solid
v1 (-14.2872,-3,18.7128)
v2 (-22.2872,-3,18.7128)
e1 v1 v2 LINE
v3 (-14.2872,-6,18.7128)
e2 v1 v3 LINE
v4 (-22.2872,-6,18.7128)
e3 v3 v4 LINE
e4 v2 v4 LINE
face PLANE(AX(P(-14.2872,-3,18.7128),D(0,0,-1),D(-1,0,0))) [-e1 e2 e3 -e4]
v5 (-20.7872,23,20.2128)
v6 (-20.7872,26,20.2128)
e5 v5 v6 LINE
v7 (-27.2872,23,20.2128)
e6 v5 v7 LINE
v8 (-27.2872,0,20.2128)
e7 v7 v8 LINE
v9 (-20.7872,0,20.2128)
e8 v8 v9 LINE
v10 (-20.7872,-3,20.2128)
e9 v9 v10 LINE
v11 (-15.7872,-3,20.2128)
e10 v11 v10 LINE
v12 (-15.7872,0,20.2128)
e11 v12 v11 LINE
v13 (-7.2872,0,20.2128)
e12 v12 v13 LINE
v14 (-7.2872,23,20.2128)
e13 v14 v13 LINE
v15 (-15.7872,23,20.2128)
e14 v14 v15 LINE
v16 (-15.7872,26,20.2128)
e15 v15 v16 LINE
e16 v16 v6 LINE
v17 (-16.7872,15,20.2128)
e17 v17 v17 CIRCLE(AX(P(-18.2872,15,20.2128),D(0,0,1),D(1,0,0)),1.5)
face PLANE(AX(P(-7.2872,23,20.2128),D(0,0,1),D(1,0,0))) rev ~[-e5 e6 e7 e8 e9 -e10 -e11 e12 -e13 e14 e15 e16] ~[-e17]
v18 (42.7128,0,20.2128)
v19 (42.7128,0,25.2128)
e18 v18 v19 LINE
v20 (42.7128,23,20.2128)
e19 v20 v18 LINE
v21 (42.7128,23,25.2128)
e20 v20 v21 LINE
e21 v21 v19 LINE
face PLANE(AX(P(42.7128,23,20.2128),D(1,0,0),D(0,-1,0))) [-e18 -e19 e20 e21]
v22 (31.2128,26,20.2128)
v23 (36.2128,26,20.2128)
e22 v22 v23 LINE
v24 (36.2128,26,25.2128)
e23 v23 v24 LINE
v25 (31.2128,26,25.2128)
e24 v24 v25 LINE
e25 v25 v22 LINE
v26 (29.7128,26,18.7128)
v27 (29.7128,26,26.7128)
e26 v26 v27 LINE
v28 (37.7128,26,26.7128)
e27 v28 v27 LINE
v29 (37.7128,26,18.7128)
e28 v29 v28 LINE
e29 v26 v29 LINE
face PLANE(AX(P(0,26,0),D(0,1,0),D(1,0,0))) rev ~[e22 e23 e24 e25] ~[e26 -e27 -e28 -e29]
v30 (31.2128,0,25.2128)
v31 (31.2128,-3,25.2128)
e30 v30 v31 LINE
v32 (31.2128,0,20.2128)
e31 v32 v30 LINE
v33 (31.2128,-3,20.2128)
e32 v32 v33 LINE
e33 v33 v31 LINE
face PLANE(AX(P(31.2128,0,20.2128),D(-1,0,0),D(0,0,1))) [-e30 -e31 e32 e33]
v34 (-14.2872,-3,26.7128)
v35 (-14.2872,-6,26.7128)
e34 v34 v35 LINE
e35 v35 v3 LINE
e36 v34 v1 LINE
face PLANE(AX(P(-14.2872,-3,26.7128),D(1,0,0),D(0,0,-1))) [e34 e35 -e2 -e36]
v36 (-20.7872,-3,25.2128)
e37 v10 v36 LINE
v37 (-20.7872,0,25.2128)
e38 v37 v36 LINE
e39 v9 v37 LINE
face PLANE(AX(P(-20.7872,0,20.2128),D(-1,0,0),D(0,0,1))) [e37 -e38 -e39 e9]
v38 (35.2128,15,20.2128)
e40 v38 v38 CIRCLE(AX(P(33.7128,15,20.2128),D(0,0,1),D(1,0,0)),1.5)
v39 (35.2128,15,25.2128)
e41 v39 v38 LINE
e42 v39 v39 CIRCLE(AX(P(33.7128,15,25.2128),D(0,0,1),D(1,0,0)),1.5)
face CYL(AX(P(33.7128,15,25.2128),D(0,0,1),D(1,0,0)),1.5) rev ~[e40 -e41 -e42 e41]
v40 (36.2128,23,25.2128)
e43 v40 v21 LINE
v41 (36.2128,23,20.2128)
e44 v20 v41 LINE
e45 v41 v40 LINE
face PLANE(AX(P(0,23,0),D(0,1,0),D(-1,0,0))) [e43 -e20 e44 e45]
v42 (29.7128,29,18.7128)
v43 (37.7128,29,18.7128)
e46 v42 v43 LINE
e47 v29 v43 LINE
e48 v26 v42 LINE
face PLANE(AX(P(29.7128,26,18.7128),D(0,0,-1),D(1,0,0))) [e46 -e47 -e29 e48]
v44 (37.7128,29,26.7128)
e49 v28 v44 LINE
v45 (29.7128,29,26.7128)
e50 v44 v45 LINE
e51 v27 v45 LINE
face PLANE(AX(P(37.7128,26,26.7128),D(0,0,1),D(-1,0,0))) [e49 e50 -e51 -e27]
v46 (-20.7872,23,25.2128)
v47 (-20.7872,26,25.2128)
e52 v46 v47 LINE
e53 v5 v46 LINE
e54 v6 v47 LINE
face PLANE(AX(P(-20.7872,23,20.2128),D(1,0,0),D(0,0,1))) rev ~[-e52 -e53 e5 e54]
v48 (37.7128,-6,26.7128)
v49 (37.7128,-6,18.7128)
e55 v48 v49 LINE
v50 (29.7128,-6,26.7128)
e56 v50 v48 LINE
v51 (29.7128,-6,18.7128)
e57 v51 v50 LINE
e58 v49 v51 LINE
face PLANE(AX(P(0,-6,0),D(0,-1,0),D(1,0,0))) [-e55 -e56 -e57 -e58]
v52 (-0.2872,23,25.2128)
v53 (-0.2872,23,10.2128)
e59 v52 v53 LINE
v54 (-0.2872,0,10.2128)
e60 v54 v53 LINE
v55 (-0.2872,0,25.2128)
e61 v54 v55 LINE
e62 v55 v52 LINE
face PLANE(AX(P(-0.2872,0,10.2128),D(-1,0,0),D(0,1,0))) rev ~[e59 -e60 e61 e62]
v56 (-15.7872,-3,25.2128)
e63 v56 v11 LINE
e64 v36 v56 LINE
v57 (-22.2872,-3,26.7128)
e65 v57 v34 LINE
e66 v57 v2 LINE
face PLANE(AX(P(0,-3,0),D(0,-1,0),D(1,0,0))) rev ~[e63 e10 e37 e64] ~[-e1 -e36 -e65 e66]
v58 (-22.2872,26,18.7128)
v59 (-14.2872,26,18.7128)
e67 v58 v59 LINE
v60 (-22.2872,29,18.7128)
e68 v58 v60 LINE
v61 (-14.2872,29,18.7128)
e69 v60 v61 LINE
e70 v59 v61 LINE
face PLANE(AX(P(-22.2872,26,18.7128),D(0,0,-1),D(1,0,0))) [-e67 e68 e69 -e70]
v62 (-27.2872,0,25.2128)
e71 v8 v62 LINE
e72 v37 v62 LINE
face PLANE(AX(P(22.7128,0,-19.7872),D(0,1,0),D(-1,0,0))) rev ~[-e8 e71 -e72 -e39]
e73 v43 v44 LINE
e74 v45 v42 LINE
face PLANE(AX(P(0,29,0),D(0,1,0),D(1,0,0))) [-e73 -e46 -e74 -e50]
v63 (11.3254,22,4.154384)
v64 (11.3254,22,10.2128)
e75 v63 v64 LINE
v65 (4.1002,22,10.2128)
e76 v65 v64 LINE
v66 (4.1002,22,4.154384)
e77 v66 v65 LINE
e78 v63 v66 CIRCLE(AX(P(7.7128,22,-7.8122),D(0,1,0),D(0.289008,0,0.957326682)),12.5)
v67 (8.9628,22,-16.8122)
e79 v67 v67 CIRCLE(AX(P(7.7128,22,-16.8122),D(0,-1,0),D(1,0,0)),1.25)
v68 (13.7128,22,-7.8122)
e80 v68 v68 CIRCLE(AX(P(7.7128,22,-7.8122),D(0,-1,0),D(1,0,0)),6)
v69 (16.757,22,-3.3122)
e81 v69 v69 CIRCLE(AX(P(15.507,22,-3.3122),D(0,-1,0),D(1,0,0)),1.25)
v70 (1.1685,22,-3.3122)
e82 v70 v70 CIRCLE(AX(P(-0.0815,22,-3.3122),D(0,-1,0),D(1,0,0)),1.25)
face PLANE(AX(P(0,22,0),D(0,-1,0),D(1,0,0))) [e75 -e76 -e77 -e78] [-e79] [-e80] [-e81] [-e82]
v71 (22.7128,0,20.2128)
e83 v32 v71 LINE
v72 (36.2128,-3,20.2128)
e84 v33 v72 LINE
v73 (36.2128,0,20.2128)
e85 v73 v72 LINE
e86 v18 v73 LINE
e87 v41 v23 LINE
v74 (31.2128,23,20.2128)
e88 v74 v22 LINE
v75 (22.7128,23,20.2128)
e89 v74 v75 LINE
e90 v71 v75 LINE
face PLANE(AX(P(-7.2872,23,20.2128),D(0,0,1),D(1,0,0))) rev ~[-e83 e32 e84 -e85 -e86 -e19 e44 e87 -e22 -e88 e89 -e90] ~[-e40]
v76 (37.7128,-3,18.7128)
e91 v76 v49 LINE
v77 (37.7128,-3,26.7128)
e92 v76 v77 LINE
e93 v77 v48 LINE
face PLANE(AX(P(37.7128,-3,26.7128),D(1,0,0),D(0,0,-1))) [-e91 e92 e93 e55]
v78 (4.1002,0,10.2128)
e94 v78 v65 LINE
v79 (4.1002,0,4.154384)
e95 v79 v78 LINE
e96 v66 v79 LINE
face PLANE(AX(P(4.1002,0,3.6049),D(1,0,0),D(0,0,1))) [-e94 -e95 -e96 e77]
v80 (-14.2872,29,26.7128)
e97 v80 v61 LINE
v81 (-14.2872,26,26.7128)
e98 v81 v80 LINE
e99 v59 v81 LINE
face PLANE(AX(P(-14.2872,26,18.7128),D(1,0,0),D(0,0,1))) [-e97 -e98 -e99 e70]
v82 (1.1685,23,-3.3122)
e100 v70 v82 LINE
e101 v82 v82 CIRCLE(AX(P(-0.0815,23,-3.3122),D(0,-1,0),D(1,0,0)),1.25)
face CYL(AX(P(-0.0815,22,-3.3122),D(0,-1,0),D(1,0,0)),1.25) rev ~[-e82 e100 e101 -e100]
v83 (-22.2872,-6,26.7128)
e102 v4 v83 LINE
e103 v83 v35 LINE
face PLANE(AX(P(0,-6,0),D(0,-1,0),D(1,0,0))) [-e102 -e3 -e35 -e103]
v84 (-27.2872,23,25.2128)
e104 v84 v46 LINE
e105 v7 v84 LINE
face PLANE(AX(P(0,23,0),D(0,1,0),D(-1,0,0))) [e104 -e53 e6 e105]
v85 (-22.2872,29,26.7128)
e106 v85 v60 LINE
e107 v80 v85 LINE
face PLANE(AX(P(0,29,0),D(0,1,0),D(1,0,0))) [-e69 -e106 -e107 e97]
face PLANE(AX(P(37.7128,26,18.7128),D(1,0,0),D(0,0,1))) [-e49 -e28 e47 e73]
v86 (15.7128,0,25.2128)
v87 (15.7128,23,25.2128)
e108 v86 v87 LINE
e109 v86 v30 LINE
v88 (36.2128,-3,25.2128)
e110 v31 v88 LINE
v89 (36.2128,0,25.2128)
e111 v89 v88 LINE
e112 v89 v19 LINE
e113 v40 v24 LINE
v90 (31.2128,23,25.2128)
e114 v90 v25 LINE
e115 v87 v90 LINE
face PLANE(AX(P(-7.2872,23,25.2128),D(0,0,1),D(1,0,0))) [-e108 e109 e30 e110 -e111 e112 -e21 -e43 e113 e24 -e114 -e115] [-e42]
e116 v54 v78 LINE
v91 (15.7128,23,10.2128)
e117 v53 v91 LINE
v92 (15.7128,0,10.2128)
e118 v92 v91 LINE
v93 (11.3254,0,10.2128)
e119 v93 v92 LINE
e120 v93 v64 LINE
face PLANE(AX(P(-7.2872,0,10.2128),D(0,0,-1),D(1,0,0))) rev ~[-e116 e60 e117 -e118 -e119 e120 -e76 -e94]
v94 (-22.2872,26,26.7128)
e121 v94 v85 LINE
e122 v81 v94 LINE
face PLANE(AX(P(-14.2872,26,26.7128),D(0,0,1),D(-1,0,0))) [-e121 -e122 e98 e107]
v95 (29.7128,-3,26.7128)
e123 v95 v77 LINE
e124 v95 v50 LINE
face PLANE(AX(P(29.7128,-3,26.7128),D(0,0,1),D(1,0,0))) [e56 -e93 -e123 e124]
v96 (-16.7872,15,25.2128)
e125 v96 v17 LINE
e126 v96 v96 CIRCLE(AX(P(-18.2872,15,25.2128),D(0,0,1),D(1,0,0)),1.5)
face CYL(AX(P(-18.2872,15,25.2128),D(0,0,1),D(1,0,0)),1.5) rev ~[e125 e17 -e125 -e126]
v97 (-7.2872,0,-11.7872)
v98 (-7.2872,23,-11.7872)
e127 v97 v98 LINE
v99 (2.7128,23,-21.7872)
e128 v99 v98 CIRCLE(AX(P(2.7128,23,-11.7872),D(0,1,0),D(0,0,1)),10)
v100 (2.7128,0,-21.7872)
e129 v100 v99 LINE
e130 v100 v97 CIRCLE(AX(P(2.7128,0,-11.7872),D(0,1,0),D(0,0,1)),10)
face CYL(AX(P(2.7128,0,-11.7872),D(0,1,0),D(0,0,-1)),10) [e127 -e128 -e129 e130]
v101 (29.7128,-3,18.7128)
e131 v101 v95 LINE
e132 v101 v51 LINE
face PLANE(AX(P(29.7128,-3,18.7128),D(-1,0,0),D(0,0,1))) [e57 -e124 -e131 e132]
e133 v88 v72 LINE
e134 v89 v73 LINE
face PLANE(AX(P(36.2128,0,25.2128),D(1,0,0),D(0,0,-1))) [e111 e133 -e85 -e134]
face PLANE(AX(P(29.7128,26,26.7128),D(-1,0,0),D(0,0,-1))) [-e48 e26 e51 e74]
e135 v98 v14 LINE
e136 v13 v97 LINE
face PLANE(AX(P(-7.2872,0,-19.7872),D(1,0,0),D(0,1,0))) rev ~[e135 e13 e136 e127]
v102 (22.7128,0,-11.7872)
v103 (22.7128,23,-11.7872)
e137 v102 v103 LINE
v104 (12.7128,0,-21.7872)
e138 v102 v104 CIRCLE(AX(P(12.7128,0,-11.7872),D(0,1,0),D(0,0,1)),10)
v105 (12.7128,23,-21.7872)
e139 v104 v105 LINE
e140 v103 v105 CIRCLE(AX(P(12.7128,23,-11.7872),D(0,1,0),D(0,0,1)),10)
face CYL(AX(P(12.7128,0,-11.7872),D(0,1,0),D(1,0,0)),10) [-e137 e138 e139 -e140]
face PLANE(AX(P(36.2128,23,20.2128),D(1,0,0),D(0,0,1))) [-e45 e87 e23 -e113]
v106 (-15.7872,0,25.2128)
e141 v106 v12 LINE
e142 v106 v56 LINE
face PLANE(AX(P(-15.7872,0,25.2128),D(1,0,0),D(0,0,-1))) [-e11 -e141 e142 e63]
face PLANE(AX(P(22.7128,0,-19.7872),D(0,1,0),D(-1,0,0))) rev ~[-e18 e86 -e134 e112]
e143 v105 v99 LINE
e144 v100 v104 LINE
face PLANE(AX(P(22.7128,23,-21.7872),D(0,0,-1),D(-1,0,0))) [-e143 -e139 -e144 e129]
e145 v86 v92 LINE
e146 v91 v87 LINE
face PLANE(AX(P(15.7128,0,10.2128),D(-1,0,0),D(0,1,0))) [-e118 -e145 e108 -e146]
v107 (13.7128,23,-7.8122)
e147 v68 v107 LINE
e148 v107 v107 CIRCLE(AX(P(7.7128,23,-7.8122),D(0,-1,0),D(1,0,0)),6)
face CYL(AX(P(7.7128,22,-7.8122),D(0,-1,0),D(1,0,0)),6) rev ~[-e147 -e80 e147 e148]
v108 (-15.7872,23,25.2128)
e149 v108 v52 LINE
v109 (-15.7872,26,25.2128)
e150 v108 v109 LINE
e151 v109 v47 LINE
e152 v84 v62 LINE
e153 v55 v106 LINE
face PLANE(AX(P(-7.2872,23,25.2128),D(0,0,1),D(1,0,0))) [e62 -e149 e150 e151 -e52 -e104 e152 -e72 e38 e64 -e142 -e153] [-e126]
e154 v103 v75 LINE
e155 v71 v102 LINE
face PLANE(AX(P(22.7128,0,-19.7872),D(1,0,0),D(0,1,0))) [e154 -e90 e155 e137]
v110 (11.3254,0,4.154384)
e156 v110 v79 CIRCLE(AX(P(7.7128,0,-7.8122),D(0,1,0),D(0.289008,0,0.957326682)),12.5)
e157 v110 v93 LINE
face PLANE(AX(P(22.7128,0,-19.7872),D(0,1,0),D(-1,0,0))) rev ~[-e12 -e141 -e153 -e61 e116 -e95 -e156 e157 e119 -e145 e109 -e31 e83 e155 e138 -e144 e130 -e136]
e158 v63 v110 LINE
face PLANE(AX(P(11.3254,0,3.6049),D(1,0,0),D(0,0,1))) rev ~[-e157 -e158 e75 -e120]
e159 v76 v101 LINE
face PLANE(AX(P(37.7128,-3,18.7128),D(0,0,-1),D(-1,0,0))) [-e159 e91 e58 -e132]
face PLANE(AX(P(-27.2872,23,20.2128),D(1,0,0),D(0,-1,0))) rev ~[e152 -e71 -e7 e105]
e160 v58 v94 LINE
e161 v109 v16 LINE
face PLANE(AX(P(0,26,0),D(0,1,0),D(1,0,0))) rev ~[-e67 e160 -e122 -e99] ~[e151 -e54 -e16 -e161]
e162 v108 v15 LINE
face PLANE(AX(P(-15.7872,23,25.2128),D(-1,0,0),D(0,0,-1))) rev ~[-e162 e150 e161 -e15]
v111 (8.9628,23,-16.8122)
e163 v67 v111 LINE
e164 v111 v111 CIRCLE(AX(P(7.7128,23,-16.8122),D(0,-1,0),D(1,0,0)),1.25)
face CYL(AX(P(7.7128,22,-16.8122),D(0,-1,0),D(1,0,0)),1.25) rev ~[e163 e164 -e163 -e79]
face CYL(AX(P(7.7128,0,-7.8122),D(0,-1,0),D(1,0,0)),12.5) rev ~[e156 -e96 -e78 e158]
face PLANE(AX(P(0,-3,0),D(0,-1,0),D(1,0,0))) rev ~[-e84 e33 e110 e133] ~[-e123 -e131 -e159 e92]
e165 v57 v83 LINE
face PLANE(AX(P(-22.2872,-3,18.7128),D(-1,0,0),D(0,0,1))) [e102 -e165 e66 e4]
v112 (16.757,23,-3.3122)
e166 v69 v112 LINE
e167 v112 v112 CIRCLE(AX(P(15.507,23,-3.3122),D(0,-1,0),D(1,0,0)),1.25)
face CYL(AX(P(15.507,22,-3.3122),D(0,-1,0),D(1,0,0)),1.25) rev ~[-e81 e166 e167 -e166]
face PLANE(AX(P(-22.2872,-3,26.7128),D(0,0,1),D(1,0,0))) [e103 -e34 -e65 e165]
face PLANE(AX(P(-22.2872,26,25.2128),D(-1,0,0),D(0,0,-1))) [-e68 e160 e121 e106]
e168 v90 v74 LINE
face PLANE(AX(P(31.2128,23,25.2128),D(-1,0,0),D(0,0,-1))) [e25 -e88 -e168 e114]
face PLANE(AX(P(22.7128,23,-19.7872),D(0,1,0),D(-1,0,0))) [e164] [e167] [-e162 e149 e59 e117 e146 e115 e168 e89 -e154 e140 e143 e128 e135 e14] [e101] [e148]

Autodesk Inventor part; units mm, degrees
ref_plane "YZ Plane" through (0, 0, 0) normal (1, 0, 0) x (0, 1, 0)
ref_plane "XZ Plane" through (0, 0, 0) normal (0, 1, 0) x (-1, 0, 0)
ref_plane "XY Plane" through (0, 0, 0) normal (0, 0, 1) x (1, 0, 0)
sketch "Esquisse1" plane through (0, 0, 0) normal (0, 1, 0) x (-1, 0, 0)
  line L0 (7.2872, 10.2128) -> (-22.7128, 10.2128)
  line L1 (-22.7128, 10.2128) -> (-22.7128, -19.7872)
  line L2 (-22.7128, -19.7872) -> (7.2872, -19.7872)
  line L3 (7.2872, -19.7872) -> (7.2872, 10.2128)
  point P0 (0, 0)
  dimension "d0" = 30
  dimension "d1" = 30
extrude "Extrusion1" add sketch "Esquisse1" along normal blind 23
ref_plane "Plan médian" through (7.7128, 0, 10.2128) normal (1, 0, 0) x (0, 0, -1)
sketch "Esquisse4" plane through (0, 0, 0) normal (0, -1, 0) x (1, 0, 0)
  circle A0 centre (7.7128, -7.8122) radius 11.975 projected
  line L0 (-7.2872, 10.2128) -> (22.7128, 10.2128) projected
  line L1 (4.1002, 3.6049) -> (4.1002, 10.2128)
  line L2 (11.3254, 3.6049) -> (11.3254, 10.2128)
  point P0 (0, 0)
extrude "Extrusion2" cut sketch "Esquisse4" against normal blind 22
sketch "Esquisse5" plane through (0, 22, 0) normal (0, -1, 0) x (1, 0, 0)
  circle A0 centre (15.507, -3.3122) radius 1.25 projected
  circle A1 centre (-0.0815, -3.3122) radius 1.25 projected
  circle A2 centre (7.7128, -16.8122) radius 1.25 projected
  circle A3 centre (7.7128, -7.8122) radius 6 projected
  point P0 (0, 0)
extrude "Extrusion3" cut sketch "Esquisse5" against normal through all
sketch "Esquisse6" plane through (-7.2872, 23, 10.2128) normal (0, 0, 1) x (1, 0, 0)
  line L0 (0, -23) -> (11.3874, -23) projected
  line L1 (5.9558, 0) -> (8.4558, 0) projected
  line L2 (0, -23) -> (7, -23)
  line L3 (7, -23) -> (7, 0)
  line L4 (7, 0) -> (0, 0)
  line L5 (0, 0) -> (0, -23)
  line L6 (30, -23) -> (30, 0) projected
  line L7 (0, 0) -> (30, 0) projected
  line L8 (30, -23) -> (23, -23)
  line L9 (23, -23) -> (23, 0)
  line L10 (23, 0) -> (30, 0)
  line L11 (30, 0) -> (30, -23)
  point P0 (7.2872, -23)
  point P1 (12, -23)
  point P2 (11.5355, -23)
  dimension "d8" = 7
  dimension "d9" = 7
extrude "Extrusion4" add sketch "Esquisse6" along normal blind 10
sketch "Esquisse7" plane through (-7.2872, 23, 20.2128) normal (0, 0, 1) x (1, 0, 0)
  line L0 (7, 0) -> (-20, 0)
  line L1 (-20, 0) -> (-20, -23)
  line L2 (-20, -23) -> (7, -23)
  line L3 (7, -23) -> (7, 0)
  line L4 (30, 0) -> (0, 0) projected
  line L5 (23, 0) -> (50, 0)
  line L6 (50, 0) -> (50, -23)
  line L7 (50, -23) -> (23, -23)
  line L8 (23, -23) -> (23, 0)
  line L9 (0, 0) -> (0, -23) projected
  line L10 (30, -23) -> (30, 0) projected
  point P0 (7.2872, -23)
  dimension "d12" = 20
  dimension "d13" = 20
extrude "Extrusion5" add sketch "Esquisse7" along normal blind 5
sketch "Esquisse8" plane through (0, 23, 0) normal (0, 1, 0) x (1, 0, 0)
  line L0 (36.2128, -25.2128) -> (31.2128, -25.2128)
  line L1 (31.2128, -25.2128) -> (31.2128, -20.2128)
  line L2 (31.2128, -20.2128) -> (36.2128, -20.2128)
  line L3 (36.2128, -20.2128) -> (36.2128, -25.2128)
  line L4 (42.7128, -20.2128) -> (42.7128, -25.2128) projected
  line L5 (42.7128, -20.2128) -> (22.7128, -20.2128) projected
  line L6 (-0.2872, -25.2128) -> (-27.2872, -25.2128) projected
  line L7 (-27.2872, -20.2128) -> (-27.2872, -25.2128) projected
  line L8 (-20.7872, -25.2128) -> (-15.7872, -25.2128)
  line L9 (-15.7872, -25.2128) -> (-15.7872, -20.2128)
  line L10 (-15.7872, -20.2128) -> (-20.7872, -20.2128)
  line L11 (-20.7872, -20.2128) -> (-20.7872, -25.2128)
  line L12 (-7.2872, -20.2128) -> (-27.2872, -20.2128) projected
  point P0 (0, 0)
  point P1 (-0.4939, -25.2128)
  dimension "d16" = 6.5
  dimension "d17" = 5
  dimension "d18" = 5
  dimension "d19" = 0
  dimension "d53" = 5
  dimension "d54" = 5
  dimension "d55" = 0
  dimension "d57" = 6.5
extrude "Extrusion6" add sketch "Esquisse8" along normal blind 3 contours L0 L1 L2 L3 | L6 L11 L10 L9
sketch "Esquisse9" plane through (0, 26, 0) normal (0, 1, 0) x (1, 0, 0)
  line L0 (37.7128, -26.7128) -> (29.7128, -26.7128)
  line L1 (29.7128, -26.7128) -> (29.7128, -18.7128)
  line L2 (29.7128, -18.7128) -> (37.7128, -18.7128)
  line L3 (37.7128, -18.7128) -> (37.7128, -26.7128)
  line L4 (42.7128, -20.2128) -> (42.7128, -25.2128) projected
  line L5 (-27.2872, -25.2128) -> (-0.2872, -25.2128) projected
  line L6 (-27.2872, -20.2128) -> (-27.2872, -25.2128) projected
  line L7 (31.2128, -25.2128) -> (15.7128, -25.2128) projected
  line L8 (-14.2872, -26.7128) -> (-22.2872, -26.7128)
  line L9 (-22.2872, -26.7128) -> (-22.2872, -18.7128)
  line L10 (-22.2872, -18.7128) -> (-14.2872, -18.7128)
  line L11 (-14.2872, -18.7128) -> (-14.2872, -26.7128)
  point P0 (0, 0)
  point P1 (-13.7872, -25.2128)
  dimension "d25" = 8
  dimension "d26" = 5
  dimension "d59" = 8
  dimension "d60" = 1.5
  dimension "d62" = 5
  dimension "d63" = 1.5
  dimension "d64" = 8
  dimension "d65" = 8
extrude "Extrusion7" add sketch "Esquisse9" along normal blind 3
sketch "Esquisse10" plane through (22.7128, 23, -19.7872) normal (0, 0, -1) x (-1, 0, 0)
  line L0 (0, -23) -> (15, -23) projected
  line L1 (15, -23) -> (15, -1) projected
  line L2 (15, -23) -> (30, -23) projected
  line L3 (30, -23) -> (30, 0) projected
  line L4 (0, 0) -> (30, 0) projected
  line L5 (0, -23) -> (0, 0) projected
  line L6 (0, 0) -> (30, 0)
  line L7 (30, 0) -> (30, -23)
  line L8 (30, -23) -> (0, -23)
  line L9 (0, -23) -> (0, 0)
  point P0 (22.7128, -23)
extrude "Extrusion8" add sketch "Esquisse10" along normal blind 2
fillet "Congé1" radius 10 2 edges at (22.7128, 11.5, -21.7872) (-7.2872, 11.5, -21.7872)
sketch "Esquisse12" plane through (0, 0, 0) normal (0, -1, 0) x (1, 0, 0)
  arc A0 (4.1002, 3.6049) -> (11.3254, 3.6049) centre (7.7128, -7.8122) ccw projected
  circle A1 centre (7.7128, -7.8122) radius 12.5
  point P0 (0, 0)
  dimension "d42" = 25
extrude "Extrusion10" cut sketch "Esquisse12" against normal up to surface (22 mm away)
sketch "Esquisse13" plane through (-7.2872, 23, 25.2128) normal (0, 0, 1) x (1, 0, 0)
  circle A0 centre (-11, -8) radius 1.5
  circle A1 centre (41, -8) radius 1.5
  line L0 (7, 0) -> (-20, 0) projected
  line L1 (-20, 0) -> (-20, -23) projected
  line L2 (50, 0) -> (23, 0) projected
  line L3 (50, -23) -> (50, 0) projected
  point P0 (7.2872, -23)
  dimension "d45" = 3
  dimension "d46" = 3
  dimension "d49" = 8
  dimension "d50" = 9
  dimension "d51" = 8
  dimension "d52" = 9
extrude "Extrusion11" cut sketch "Esquisse13" against normal through all
sketch "Esquisse14" plane through (0, 0, 0) normal (0, -1, 0) x (1, 0, 0)
  line L0 (15.7128, 25.2128) -> (42.7128, 25.2128) projected
  line L1 (22.7128, 20.2128) -> (42.7128, 20.2128) projected
  line L2 (-20.7872, 25.2128) -> (-15.7872, 25.2128)
  line L3 (-15.7872, 25.2128) -> (-15.7872, 20.2128)
  line L4 (-15.7872, 20.2128) -> (-20.7872, 20.2128)
  line L5 (-20.7872, 20.2128) -> (-20.7872, 25.2128)
  line L6 (-27.2872, 20.2128) -> (-27.2872, 25.2128) projected
  line L7 (31.2128, 25.2128) -> (36.2128, 25.2128)
  line L8 (36.2128, 25.2128) -> (36.2128, 20.2128)
  line L9 (36.2128, 20.2128) -> (31.2128, 20.2128)
  line L10 (31.2128, 20.2128) -> (31.2128, 25.2128)
  line L11 (42.7128, 20.2128) -> (42.7128, 25.2128) projected
  point P0 (0, 0)
  dimension "d66" = 6.5
  dimension "d67" = 5
  dimension "d69" = 5
  dimension "d70" = 6.5
  dimension "d71" = 5
  dimension "d72" = 5
  dimension "d73" = 0
extrude "Extrusion12" add sketch "Esquisse14" along normal blind 3 contours L0 L8 L1 L10 | L2 L3 L4 L5
sketch "Esquisse15" plane through (0, -3, 0) normal (0, -1, 0) x (1, 0, 0)
  line L0 (-22.2872, 26.7128) -> (-14.2872, 26.7128)
  line L1 (-14.2872, 26.7128) -> (-14.2872, 18.7128)
  line L2 (-14.2872, 18.7128) -> (-22.2872, 18.7128)
  line L3 (-22.2872, 18.7128) -> (-22.2872, 26.7128)
  line L4 (29.7128, 26.7128) -> (37.7128, 26.7128)
  line L5 (37.7128, 26.7128) -> (37.7128, 18.7128)
  line L6 (37.7128, 18.7128) -> (29.7128, 18.7128)
  line L7 (29.7128, 18.7128) -> (29.7128, 26.7128)
  line L8 (-27.2872, 20.2128) -> (-27.2872, 25.2128) projected
  line L9 (-27.2872, 20.2128) -> (-20.7872, 20.2128) projected
  line L10 (42.7128, 20.2128) -> (42.7128, 25.2128) projected
  line L11 (36.2128, 20.2128) -> (42.7128, 20.2128) projected
  point P0 (0, 0)
  dimension "d76" = 8
  dimension "d77" = 8
  dimension "d78" = 8
  dimension "d79" = 8
  dimension "d80" = 5
  dimension "d81" = 1.5
  dimension "d82" = 5
  dimension "d83" = 1.5
extrude "Extrusion13" add sketch "Esquisse15" along normal blind 3
properties part number "support_codeur"
